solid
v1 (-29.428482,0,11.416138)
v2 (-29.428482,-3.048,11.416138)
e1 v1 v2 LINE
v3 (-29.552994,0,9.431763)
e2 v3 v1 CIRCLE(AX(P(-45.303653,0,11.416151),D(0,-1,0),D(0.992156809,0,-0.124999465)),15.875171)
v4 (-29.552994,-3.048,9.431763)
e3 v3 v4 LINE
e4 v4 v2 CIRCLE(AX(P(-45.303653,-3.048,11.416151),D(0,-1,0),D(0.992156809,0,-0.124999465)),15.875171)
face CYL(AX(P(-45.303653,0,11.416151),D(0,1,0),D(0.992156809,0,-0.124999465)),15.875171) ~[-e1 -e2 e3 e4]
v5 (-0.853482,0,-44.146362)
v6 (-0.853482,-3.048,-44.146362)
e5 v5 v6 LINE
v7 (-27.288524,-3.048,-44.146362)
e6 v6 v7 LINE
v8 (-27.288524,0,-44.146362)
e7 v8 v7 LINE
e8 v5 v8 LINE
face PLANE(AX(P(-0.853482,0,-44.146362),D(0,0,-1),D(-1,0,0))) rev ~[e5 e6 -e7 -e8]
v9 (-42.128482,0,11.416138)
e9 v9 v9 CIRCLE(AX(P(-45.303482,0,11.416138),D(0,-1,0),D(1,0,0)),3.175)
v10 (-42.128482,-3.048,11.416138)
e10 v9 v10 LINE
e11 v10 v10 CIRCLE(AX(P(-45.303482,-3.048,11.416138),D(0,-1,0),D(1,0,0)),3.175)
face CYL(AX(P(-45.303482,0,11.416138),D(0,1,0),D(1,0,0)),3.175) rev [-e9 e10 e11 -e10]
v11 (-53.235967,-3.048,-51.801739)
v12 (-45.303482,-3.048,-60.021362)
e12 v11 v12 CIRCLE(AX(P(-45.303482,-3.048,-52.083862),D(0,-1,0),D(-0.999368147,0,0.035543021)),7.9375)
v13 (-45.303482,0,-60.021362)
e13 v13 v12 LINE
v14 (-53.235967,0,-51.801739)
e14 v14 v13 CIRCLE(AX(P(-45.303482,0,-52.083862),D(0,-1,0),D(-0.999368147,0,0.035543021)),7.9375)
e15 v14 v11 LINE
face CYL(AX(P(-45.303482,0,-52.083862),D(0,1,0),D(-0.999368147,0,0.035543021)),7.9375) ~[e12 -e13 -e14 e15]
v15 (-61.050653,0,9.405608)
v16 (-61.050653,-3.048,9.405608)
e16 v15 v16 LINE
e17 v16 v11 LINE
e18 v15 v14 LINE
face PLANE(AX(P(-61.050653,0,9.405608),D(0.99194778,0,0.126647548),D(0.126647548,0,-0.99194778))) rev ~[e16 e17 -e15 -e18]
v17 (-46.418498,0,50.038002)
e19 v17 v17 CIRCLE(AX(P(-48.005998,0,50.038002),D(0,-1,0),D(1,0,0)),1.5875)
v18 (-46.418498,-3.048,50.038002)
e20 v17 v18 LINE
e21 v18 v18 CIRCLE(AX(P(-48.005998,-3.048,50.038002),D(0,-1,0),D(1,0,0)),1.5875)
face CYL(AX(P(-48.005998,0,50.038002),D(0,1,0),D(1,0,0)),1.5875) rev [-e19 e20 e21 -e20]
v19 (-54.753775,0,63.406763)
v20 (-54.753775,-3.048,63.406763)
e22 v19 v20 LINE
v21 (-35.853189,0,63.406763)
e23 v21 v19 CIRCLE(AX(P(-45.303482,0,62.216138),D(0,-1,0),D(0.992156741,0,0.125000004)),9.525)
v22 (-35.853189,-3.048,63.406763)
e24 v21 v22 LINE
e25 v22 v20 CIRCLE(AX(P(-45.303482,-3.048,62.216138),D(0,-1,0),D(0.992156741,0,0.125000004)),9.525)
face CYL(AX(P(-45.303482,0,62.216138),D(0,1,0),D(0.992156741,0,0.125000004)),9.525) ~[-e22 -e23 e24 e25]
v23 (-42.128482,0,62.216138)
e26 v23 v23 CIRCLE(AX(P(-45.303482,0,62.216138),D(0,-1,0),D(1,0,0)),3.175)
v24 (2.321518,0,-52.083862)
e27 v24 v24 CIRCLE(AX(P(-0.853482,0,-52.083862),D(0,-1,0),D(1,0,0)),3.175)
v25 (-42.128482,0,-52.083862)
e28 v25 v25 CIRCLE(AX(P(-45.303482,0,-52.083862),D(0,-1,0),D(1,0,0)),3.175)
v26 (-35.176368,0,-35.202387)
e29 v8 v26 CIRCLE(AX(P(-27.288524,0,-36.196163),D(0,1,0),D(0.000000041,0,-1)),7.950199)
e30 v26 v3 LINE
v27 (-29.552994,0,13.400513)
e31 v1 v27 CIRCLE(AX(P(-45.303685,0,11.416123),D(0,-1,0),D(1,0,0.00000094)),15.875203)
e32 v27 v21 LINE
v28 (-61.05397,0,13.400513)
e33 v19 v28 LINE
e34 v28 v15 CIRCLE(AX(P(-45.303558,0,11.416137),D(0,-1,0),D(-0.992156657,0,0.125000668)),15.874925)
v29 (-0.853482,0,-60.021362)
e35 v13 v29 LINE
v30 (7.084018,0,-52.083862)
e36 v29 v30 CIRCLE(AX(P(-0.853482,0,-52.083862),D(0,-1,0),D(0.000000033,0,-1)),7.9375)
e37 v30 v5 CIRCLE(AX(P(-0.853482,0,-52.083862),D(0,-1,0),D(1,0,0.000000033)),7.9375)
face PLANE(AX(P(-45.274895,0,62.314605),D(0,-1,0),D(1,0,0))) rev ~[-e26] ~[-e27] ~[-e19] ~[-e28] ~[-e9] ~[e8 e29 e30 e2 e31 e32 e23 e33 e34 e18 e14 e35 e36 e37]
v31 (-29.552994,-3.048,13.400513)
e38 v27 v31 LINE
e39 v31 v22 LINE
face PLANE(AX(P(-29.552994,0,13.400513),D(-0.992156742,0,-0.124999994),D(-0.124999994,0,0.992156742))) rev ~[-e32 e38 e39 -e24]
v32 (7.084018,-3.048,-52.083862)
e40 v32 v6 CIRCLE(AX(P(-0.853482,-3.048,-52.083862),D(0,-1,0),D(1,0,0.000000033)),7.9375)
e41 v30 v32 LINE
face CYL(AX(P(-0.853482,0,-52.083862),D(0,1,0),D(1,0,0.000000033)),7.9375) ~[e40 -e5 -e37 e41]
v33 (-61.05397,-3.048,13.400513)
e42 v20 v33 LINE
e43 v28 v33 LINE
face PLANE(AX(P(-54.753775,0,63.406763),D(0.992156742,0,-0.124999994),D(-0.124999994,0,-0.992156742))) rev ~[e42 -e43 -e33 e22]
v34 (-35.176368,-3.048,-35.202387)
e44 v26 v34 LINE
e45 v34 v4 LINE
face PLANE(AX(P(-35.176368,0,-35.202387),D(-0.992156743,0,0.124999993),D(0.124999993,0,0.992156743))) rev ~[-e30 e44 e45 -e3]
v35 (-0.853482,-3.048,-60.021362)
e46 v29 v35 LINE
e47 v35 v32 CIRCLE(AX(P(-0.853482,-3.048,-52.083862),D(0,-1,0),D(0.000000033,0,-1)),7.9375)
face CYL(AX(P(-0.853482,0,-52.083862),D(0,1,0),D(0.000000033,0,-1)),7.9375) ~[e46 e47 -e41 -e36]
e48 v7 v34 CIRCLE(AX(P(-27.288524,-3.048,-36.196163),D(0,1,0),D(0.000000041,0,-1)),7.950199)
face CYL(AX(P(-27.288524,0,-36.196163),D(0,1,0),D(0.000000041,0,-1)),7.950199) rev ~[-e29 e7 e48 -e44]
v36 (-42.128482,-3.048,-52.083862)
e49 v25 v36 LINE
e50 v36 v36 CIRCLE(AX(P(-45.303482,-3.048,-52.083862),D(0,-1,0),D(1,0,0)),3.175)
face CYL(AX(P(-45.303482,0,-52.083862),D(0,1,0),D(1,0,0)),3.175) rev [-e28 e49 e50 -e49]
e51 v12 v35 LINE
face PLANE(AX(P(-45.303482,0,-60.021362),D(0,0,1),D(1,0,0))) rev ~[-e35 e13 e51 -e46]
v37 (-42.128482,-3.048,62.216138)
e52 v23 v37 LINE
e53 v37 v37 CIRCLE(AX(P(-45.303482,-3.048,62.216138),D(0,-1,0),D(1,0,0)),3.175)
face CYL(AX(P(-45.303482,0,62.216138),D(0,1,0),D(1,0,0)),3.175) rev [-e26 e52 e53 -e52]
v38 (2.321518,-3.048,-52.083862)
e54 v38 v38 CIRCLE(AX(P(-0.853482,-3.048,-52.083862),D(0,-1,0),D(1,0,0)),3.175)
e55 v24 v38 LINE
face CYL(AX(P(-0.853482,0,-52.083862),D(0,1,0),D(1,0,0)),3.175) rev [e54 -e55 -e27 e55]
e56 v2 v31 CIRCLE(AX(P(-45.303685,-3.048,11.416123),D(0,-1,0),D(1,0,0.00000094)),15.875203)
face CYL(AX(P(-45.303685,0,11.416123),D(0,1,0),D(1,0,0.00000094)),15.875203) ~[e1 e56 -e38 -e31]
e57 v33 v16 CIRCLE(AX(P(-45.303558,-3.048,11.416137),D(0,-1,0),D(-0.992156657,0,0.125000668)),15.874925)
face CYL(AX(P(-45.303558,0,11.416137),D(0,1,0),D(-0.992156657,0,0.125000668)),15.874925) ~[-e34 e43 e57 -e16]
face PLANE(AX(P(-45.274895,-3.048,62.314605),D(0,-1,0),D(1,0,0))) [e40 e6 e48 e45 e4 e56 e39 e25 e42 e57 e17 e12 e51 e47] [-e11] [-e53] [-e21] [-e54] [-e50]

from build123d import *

# Parameters (mm, degrees)
F0_R     = 3.175
F0_R_2   = 1.5875
F1_DEPTH = 3.048


with BuildPart() as f1:
    # F0 (on Front) → F1 (new body)
    with BuildSketch(Plane.XZ):
        with BuildLine():
            ThreePointArc((-54.753775, 63.406763), (-45.899965, 52.709833), (-35.778482, 62.216138))
            ThreePointArc((-35.778482, 62.216138), (-35.797177, 62.812621), (-35.853189, 63.406763))
            ThreePointArc((-35.853189, 63.406763), (-45.303482, 71.741138), (-54.753775, 63.406763))
        make_face()
        with Locations((-45.303482, 62.216138)):
            Circle(F0_R, mode=Mode.SUBTRACT)
        with BuildLine():
            ThreePointArc((-35.853189, 63.406763), (-35.797177, 62.812621), (-35.778482, 62.216138))
            ThreePointArc((-35.778482, 62.216138), (-45.899965, 52.709833), (-54.753775, 63.406763))
            Line((-54.753775, 63.406763), (-61.05397, 13.400513))
            ThreePointArc((-61.05397, 13.400513), (-45.303482, 27.291138), (-29.552994, 13.400513))
            Line((-29.552994, 13.400513), (-35.853189, 63.406763))
        make_face()
        with Locations((-48.005998, 50.038002)):
            Circle(F0_R_2, mode=Mode.SUBTRACT)
        with BuildLine():
            ThreePointArc((-29.428482, 11.416138), (-29.459641, 12.410276), (-29.552994, 13.400513))
            ThreePointArc((-29.552994, 13.400513), (-45.303482, 27.291138), (-61.05397, 13.400513))
            ThreePointArc((-61.05397, 13.400513), (-61.178477, 11.402956), (-61.050653, 9.405608))
            ThreePointArc((-61.050653, 9.405608), (-45.2903, -4.458857), (-29.552994, 9.431763))
            ThreePointArc((-29.552994, 9.431763), (-29.459641, 10.421999), (-29.428482, 11.416138))
        make_face()
        with Locations((-45.303482, 11.416138)):
            Circle(F0_R, mode=Mode.SUBTRACT)
        with BuildLine():
            ThreePointArc((-29.552994, 9.431763), (-45.2903, -4.458857), (-61.050653, 9.405608))
            Line((-61.050653, 9.405608), (-53.235967, -51.801739))
            ThreePointArc((-53.235967, -51.801739), (-45.162398, -44.147616), (-37.365982, -52.083862))
            ThreePointArc((-37.365982, -52.083862), (-39.690822, -57.696522), (-45.303482, -60.021362))
            Line((-45.303482, -60.021362), (-0.853482, -60.021362))
            ThreePointArc((-0.853482, -60.021362), (-8.790982, -52.083862), (-0.853482, -44.146362))
            Line((-0.853482, -44.146362), (-27.288524, -44.146362))
            ThreePointArc((-27.288524, -44.146362), (-33.251174, -41.454725), (-35.176368, -35.202387))
            Line((-35.176368, -35.202387), (-29.552994, 9.431763))
        make_face()
        with BuildLine():
            ThreePointArc((-37.365982, -52.083862), (-45.162398, -44.147616), (-53.235967, -51.801739))
            ThreePointArc((-53.235967, -51.801739), (-51.015017, -57.595874), (-45.303482, -60.021362))
            ThreePointArc((-45.303482, -60.021362), (-39.690822, -57.696522), (-37.365982, -52.083862))
        make_face()
        with Locations((-45.303482, -52.083862)):
            Circle(F0_R, mode=Mode.SUBTRACT)
        with BuildLine():
            ThreePointArc((-0.853482, -44.146362), (-8.790982, -52.083862), (-0.853482, -60.021362))
            ThreePointArc((-0.853482, -60.021362), (4.759178, -57.696522), (7.084018, -52.083862))
            ThreePointArc((7.084018, -52.083862), (4.759178, -46.471202), (-0.853482, -44.146362))
        make_face()
        with Locations((-0.853482, -52.083862)):
            Circle(F0_R, mode=Mode.SUBTRACT)
    extrude(amount=F1_DEPTH)


solid = f1.part
